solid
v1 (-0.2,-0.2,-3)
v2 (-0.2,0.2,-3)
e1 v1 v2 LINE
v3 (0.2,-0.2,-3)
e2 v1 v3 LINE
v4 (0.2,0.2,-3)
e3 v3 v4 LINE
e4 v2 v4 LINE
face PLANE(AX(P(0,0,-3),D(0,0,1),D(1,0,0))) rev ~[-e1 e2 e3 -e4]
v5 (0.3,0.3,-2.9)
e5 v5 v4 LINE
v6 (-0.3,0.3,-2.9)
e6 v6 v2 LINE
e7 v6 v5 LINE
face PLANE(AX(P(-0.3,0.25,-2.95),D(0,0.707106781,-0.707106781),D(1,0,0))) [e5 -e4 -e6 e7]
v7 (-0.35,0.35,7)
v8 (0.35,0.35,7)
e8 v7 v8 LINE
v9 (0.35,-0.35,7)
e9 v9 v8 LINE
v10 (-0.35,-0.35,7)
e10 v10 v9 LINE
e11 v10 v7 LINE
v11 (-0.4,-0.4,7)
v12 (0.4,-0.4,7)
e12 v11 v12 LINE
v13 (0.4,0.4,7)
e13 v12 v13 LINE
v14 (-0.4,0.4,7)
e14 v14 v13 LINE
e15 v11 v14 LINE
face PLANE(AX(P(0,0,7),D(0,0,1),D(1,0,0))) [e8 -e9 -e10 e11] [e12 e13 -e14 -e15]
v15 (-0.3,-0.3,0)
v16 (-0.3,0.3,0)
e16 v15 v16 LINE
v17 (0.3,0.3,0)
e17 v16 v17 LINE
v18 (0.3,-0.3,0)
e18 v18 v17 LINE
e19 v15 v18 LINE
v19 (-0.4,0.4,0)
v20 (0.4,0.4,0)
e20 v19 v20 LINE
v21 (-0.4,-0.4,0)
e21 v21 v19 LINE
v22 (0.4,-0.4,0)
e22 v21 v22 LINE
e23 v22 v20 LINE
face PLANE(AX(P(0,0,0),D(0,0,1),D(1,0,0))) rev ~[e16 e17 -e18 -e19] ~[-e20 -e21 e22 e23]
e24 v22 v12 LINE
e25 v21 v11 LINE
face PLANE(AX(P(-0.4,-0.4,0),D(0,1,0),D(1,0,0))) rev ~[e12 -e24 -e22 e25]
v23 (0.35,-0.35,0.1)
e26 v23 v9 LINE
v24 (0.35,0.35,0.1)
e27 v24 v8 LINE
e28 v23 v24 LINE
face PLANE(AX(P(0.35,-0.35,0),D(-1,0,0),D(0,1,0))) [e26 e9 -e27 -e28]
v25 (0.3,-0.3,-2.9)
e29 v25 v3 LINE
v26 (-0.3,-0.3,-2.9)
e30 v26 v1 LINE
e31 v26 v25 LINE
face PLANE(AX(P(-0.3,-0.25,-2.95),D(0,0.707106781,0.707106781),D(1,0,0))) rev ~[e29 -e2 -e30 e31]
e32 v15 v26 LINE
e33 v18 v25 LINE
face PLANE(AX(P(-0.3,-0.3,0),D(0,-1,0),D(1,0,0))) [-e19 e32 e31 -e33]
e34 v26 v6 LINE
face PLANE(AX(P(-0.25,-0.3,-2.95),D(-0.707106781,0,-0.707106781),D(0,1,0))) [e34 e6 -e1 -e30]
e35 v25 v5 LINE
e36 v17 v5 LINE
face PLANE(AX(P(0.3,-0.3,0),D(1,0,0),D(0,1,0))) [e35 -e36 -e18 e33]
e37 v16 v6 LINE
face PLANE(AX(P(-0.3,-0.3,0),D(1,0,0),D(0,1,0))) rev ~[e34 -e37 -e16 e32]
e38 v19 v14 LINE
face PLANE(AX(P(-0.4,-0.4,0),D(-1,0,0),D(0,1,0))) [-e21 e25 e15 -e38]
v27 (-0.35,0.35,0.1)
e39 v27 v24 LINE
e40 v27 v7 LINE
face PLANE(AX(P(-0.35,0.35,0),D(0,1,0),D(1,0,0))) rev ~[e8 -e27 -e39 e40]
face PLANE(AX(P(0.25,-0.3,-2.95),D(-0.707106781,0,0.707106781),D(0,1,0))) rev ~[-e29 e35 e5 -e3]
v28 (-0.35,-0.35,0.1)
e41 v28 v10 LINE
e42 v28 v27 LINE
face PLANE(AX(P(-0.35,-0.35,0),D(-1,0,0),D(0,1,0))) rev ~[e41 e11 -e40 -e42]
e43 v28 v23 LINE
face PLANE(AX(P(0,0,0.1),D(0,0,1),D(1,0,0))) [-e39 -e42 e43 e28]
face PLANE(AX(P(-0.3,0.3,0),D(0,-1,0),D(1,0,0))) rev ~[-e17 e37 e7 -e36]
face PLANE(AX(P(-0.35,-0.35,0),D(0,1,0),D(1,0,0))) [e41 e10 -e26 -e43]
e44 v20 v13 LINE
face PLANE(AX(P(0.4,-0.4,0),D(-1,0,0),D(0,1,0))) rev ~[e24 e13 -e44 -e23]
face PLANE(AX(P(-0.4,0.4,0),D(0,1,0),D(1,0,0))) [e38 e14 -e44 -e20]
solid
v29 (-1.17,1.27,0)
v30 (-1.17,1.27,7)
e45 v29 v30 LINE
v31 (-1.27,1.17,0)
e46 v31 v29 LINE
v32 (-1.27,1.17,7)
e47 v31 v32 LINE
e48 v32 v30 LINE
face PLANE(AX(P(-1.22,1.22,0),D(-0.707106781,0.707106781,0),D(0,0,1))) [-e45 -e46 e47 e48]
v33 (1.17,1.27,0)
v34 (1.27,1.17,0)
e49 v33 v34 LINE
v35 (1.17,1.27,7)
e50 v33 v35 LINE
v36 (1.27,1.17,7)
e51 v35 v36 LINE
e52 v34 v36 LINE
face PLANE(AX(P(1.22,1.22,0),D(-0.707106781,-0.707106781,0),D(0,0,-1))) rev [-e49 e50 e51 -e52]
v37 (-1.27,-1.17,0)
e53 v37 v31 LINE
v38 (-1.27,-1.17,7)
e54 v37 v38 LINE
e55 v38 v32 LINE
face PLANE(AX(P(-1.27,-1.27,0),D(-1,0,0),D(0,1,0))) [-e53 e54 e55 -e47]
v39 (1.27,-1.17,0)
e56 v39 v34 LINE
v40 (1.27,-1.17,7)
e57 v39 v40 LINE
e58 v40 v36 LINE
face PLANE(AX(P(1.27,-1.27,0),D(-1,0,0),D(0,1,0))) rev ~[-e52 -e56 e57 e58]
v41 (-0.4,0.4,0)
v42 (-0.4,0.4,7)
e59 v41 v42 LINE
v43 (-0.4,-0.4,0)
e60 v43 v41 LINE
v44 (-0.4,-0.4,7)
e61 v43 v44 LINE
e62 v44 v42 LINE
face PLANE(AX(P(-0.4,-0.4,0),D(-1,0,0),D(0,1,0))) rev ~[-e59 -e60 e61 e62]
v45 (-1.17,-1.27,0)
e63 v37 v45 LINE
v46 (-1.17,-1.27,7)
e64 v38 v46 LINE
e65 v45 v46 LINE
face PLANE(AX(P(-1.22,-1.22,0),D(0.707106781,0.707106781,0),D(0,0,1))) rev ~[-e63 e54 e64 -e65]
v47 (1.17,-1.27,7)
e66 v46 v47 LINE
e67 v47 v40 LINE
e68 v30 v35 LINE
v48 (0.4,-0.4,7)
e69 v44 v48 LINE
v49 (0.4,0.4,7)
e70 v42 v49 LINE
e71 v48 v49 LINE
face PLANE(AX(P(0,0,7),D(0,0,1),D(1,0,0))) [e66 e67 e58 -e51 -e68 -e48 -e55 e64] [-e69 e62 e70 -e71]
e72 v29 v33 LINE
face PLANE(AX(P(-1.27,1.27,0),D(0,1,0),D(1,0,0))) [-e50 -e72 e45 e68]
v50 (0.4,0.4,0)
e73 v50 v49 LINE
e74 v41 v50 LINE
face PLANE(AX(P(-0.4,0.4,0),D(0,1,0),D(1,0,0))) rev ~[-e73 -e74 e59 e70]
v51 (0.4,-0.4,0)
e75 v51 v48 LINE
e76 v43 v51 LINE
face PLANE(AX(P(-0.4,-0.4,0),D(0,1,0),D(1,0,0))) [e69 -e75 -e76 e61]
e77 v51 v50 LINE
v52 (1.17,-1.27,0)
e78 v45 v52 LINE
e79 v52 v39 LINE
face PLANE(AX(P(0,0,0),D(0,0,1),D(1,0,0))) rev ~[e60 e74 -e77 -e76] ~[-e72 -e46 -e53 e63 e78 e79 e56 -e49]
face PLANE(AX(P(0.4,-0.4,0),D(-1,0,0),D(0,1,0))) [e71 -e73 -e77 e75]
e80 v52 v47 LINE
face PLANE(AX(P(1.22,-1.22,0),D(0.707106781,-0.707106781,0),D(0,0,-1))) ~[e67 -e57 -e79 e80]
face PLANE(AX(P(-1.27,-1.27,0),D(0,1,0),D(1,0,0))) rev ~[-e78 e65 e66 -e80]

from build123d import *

# Parameters (mm, degrees)
F0_W          = 2.54
F0_H          = 2.54
F0_W_2        = 0.8
F0_H_2        = 0.8
F1_DEPTH      = 7
F2_SIZE       = 0.1
F3_W          = 0.8
F3_H          = 0.8
F3_W_2        = 0.7
F3_H_2        = 0.7
F4_DEPTH      = 7
F3_W_3        = 0.6
F3_H_3        = 0.6
F5_DEPTH      = 0.1
F6_DEPTH      = 3
F6_DEPTH_BACK = 0.1
F7_SIZE       = 0.1


with BuildPart() as f1:
    # F0 (on Top) → F1 (new body)
    with BuildSketch(Plane.XY):
        Rectangle(F0_W, F0_H)
        Rectangle(F0_W_2, F0_H_2, mode=Mode.SUBTRACT)
    extrude(amount=F1_DEPTH)

    # F2
    f2_edges = [f1.edges().sort_by_distance(p)[0] for p in [
        (1.27, -1.27, 3.5),
        (-1.27, -1.27, 3.5),
        (-1.27, 1.27, 3.5),
        (1.27, 1.27, 3.5),
    ]]
    chamfer(f2_edges, length=F2_SIZE)


with BuildPart() as f4:
    # F3 (on Top) → F4 (new body, through all)
    with BuildSketch(Plane.XY):
        Rectangle(F3_W, F3_H)
        Rectangle(F3_W_2, F3_H_2, mode=Mode.SUBTRACT)
    extrude(amount=F4_DEPTH)

    # F3 (on Top) → F5 (join)
    with BuildSketch(Plane.XY):
        Rectangle(F3_W_2, F3_H_2)
        Rectangle(F3_W_3, F3_H_3, mode=Mode.SUBTRACT)
    extrude(amount=F5_DEPTH)

    # F3 (on Top) → F6 (join, two sides)
    with BuildSketch(Plane.XY) as f6_sk:
        Rectangle(F3_W_3, F3_H_3)
    extrude(amount=-F6_DEPTH)
    extrude(f6_sk.sketch, amount=F6_DEPTH_BACK)

    # F7
    f7_edges = [f4.edges().sort_by_distance(p)[0] for p in [
        (0.3, 0, -3),
        (0, 0.3, -3),
        (-0.3, 0, -3),
        (0, -0.3, -3),
    ]]
    chamfer(f7_edges, length=F7_SIZE)


solid = Compound([f1.part, f4.part])
